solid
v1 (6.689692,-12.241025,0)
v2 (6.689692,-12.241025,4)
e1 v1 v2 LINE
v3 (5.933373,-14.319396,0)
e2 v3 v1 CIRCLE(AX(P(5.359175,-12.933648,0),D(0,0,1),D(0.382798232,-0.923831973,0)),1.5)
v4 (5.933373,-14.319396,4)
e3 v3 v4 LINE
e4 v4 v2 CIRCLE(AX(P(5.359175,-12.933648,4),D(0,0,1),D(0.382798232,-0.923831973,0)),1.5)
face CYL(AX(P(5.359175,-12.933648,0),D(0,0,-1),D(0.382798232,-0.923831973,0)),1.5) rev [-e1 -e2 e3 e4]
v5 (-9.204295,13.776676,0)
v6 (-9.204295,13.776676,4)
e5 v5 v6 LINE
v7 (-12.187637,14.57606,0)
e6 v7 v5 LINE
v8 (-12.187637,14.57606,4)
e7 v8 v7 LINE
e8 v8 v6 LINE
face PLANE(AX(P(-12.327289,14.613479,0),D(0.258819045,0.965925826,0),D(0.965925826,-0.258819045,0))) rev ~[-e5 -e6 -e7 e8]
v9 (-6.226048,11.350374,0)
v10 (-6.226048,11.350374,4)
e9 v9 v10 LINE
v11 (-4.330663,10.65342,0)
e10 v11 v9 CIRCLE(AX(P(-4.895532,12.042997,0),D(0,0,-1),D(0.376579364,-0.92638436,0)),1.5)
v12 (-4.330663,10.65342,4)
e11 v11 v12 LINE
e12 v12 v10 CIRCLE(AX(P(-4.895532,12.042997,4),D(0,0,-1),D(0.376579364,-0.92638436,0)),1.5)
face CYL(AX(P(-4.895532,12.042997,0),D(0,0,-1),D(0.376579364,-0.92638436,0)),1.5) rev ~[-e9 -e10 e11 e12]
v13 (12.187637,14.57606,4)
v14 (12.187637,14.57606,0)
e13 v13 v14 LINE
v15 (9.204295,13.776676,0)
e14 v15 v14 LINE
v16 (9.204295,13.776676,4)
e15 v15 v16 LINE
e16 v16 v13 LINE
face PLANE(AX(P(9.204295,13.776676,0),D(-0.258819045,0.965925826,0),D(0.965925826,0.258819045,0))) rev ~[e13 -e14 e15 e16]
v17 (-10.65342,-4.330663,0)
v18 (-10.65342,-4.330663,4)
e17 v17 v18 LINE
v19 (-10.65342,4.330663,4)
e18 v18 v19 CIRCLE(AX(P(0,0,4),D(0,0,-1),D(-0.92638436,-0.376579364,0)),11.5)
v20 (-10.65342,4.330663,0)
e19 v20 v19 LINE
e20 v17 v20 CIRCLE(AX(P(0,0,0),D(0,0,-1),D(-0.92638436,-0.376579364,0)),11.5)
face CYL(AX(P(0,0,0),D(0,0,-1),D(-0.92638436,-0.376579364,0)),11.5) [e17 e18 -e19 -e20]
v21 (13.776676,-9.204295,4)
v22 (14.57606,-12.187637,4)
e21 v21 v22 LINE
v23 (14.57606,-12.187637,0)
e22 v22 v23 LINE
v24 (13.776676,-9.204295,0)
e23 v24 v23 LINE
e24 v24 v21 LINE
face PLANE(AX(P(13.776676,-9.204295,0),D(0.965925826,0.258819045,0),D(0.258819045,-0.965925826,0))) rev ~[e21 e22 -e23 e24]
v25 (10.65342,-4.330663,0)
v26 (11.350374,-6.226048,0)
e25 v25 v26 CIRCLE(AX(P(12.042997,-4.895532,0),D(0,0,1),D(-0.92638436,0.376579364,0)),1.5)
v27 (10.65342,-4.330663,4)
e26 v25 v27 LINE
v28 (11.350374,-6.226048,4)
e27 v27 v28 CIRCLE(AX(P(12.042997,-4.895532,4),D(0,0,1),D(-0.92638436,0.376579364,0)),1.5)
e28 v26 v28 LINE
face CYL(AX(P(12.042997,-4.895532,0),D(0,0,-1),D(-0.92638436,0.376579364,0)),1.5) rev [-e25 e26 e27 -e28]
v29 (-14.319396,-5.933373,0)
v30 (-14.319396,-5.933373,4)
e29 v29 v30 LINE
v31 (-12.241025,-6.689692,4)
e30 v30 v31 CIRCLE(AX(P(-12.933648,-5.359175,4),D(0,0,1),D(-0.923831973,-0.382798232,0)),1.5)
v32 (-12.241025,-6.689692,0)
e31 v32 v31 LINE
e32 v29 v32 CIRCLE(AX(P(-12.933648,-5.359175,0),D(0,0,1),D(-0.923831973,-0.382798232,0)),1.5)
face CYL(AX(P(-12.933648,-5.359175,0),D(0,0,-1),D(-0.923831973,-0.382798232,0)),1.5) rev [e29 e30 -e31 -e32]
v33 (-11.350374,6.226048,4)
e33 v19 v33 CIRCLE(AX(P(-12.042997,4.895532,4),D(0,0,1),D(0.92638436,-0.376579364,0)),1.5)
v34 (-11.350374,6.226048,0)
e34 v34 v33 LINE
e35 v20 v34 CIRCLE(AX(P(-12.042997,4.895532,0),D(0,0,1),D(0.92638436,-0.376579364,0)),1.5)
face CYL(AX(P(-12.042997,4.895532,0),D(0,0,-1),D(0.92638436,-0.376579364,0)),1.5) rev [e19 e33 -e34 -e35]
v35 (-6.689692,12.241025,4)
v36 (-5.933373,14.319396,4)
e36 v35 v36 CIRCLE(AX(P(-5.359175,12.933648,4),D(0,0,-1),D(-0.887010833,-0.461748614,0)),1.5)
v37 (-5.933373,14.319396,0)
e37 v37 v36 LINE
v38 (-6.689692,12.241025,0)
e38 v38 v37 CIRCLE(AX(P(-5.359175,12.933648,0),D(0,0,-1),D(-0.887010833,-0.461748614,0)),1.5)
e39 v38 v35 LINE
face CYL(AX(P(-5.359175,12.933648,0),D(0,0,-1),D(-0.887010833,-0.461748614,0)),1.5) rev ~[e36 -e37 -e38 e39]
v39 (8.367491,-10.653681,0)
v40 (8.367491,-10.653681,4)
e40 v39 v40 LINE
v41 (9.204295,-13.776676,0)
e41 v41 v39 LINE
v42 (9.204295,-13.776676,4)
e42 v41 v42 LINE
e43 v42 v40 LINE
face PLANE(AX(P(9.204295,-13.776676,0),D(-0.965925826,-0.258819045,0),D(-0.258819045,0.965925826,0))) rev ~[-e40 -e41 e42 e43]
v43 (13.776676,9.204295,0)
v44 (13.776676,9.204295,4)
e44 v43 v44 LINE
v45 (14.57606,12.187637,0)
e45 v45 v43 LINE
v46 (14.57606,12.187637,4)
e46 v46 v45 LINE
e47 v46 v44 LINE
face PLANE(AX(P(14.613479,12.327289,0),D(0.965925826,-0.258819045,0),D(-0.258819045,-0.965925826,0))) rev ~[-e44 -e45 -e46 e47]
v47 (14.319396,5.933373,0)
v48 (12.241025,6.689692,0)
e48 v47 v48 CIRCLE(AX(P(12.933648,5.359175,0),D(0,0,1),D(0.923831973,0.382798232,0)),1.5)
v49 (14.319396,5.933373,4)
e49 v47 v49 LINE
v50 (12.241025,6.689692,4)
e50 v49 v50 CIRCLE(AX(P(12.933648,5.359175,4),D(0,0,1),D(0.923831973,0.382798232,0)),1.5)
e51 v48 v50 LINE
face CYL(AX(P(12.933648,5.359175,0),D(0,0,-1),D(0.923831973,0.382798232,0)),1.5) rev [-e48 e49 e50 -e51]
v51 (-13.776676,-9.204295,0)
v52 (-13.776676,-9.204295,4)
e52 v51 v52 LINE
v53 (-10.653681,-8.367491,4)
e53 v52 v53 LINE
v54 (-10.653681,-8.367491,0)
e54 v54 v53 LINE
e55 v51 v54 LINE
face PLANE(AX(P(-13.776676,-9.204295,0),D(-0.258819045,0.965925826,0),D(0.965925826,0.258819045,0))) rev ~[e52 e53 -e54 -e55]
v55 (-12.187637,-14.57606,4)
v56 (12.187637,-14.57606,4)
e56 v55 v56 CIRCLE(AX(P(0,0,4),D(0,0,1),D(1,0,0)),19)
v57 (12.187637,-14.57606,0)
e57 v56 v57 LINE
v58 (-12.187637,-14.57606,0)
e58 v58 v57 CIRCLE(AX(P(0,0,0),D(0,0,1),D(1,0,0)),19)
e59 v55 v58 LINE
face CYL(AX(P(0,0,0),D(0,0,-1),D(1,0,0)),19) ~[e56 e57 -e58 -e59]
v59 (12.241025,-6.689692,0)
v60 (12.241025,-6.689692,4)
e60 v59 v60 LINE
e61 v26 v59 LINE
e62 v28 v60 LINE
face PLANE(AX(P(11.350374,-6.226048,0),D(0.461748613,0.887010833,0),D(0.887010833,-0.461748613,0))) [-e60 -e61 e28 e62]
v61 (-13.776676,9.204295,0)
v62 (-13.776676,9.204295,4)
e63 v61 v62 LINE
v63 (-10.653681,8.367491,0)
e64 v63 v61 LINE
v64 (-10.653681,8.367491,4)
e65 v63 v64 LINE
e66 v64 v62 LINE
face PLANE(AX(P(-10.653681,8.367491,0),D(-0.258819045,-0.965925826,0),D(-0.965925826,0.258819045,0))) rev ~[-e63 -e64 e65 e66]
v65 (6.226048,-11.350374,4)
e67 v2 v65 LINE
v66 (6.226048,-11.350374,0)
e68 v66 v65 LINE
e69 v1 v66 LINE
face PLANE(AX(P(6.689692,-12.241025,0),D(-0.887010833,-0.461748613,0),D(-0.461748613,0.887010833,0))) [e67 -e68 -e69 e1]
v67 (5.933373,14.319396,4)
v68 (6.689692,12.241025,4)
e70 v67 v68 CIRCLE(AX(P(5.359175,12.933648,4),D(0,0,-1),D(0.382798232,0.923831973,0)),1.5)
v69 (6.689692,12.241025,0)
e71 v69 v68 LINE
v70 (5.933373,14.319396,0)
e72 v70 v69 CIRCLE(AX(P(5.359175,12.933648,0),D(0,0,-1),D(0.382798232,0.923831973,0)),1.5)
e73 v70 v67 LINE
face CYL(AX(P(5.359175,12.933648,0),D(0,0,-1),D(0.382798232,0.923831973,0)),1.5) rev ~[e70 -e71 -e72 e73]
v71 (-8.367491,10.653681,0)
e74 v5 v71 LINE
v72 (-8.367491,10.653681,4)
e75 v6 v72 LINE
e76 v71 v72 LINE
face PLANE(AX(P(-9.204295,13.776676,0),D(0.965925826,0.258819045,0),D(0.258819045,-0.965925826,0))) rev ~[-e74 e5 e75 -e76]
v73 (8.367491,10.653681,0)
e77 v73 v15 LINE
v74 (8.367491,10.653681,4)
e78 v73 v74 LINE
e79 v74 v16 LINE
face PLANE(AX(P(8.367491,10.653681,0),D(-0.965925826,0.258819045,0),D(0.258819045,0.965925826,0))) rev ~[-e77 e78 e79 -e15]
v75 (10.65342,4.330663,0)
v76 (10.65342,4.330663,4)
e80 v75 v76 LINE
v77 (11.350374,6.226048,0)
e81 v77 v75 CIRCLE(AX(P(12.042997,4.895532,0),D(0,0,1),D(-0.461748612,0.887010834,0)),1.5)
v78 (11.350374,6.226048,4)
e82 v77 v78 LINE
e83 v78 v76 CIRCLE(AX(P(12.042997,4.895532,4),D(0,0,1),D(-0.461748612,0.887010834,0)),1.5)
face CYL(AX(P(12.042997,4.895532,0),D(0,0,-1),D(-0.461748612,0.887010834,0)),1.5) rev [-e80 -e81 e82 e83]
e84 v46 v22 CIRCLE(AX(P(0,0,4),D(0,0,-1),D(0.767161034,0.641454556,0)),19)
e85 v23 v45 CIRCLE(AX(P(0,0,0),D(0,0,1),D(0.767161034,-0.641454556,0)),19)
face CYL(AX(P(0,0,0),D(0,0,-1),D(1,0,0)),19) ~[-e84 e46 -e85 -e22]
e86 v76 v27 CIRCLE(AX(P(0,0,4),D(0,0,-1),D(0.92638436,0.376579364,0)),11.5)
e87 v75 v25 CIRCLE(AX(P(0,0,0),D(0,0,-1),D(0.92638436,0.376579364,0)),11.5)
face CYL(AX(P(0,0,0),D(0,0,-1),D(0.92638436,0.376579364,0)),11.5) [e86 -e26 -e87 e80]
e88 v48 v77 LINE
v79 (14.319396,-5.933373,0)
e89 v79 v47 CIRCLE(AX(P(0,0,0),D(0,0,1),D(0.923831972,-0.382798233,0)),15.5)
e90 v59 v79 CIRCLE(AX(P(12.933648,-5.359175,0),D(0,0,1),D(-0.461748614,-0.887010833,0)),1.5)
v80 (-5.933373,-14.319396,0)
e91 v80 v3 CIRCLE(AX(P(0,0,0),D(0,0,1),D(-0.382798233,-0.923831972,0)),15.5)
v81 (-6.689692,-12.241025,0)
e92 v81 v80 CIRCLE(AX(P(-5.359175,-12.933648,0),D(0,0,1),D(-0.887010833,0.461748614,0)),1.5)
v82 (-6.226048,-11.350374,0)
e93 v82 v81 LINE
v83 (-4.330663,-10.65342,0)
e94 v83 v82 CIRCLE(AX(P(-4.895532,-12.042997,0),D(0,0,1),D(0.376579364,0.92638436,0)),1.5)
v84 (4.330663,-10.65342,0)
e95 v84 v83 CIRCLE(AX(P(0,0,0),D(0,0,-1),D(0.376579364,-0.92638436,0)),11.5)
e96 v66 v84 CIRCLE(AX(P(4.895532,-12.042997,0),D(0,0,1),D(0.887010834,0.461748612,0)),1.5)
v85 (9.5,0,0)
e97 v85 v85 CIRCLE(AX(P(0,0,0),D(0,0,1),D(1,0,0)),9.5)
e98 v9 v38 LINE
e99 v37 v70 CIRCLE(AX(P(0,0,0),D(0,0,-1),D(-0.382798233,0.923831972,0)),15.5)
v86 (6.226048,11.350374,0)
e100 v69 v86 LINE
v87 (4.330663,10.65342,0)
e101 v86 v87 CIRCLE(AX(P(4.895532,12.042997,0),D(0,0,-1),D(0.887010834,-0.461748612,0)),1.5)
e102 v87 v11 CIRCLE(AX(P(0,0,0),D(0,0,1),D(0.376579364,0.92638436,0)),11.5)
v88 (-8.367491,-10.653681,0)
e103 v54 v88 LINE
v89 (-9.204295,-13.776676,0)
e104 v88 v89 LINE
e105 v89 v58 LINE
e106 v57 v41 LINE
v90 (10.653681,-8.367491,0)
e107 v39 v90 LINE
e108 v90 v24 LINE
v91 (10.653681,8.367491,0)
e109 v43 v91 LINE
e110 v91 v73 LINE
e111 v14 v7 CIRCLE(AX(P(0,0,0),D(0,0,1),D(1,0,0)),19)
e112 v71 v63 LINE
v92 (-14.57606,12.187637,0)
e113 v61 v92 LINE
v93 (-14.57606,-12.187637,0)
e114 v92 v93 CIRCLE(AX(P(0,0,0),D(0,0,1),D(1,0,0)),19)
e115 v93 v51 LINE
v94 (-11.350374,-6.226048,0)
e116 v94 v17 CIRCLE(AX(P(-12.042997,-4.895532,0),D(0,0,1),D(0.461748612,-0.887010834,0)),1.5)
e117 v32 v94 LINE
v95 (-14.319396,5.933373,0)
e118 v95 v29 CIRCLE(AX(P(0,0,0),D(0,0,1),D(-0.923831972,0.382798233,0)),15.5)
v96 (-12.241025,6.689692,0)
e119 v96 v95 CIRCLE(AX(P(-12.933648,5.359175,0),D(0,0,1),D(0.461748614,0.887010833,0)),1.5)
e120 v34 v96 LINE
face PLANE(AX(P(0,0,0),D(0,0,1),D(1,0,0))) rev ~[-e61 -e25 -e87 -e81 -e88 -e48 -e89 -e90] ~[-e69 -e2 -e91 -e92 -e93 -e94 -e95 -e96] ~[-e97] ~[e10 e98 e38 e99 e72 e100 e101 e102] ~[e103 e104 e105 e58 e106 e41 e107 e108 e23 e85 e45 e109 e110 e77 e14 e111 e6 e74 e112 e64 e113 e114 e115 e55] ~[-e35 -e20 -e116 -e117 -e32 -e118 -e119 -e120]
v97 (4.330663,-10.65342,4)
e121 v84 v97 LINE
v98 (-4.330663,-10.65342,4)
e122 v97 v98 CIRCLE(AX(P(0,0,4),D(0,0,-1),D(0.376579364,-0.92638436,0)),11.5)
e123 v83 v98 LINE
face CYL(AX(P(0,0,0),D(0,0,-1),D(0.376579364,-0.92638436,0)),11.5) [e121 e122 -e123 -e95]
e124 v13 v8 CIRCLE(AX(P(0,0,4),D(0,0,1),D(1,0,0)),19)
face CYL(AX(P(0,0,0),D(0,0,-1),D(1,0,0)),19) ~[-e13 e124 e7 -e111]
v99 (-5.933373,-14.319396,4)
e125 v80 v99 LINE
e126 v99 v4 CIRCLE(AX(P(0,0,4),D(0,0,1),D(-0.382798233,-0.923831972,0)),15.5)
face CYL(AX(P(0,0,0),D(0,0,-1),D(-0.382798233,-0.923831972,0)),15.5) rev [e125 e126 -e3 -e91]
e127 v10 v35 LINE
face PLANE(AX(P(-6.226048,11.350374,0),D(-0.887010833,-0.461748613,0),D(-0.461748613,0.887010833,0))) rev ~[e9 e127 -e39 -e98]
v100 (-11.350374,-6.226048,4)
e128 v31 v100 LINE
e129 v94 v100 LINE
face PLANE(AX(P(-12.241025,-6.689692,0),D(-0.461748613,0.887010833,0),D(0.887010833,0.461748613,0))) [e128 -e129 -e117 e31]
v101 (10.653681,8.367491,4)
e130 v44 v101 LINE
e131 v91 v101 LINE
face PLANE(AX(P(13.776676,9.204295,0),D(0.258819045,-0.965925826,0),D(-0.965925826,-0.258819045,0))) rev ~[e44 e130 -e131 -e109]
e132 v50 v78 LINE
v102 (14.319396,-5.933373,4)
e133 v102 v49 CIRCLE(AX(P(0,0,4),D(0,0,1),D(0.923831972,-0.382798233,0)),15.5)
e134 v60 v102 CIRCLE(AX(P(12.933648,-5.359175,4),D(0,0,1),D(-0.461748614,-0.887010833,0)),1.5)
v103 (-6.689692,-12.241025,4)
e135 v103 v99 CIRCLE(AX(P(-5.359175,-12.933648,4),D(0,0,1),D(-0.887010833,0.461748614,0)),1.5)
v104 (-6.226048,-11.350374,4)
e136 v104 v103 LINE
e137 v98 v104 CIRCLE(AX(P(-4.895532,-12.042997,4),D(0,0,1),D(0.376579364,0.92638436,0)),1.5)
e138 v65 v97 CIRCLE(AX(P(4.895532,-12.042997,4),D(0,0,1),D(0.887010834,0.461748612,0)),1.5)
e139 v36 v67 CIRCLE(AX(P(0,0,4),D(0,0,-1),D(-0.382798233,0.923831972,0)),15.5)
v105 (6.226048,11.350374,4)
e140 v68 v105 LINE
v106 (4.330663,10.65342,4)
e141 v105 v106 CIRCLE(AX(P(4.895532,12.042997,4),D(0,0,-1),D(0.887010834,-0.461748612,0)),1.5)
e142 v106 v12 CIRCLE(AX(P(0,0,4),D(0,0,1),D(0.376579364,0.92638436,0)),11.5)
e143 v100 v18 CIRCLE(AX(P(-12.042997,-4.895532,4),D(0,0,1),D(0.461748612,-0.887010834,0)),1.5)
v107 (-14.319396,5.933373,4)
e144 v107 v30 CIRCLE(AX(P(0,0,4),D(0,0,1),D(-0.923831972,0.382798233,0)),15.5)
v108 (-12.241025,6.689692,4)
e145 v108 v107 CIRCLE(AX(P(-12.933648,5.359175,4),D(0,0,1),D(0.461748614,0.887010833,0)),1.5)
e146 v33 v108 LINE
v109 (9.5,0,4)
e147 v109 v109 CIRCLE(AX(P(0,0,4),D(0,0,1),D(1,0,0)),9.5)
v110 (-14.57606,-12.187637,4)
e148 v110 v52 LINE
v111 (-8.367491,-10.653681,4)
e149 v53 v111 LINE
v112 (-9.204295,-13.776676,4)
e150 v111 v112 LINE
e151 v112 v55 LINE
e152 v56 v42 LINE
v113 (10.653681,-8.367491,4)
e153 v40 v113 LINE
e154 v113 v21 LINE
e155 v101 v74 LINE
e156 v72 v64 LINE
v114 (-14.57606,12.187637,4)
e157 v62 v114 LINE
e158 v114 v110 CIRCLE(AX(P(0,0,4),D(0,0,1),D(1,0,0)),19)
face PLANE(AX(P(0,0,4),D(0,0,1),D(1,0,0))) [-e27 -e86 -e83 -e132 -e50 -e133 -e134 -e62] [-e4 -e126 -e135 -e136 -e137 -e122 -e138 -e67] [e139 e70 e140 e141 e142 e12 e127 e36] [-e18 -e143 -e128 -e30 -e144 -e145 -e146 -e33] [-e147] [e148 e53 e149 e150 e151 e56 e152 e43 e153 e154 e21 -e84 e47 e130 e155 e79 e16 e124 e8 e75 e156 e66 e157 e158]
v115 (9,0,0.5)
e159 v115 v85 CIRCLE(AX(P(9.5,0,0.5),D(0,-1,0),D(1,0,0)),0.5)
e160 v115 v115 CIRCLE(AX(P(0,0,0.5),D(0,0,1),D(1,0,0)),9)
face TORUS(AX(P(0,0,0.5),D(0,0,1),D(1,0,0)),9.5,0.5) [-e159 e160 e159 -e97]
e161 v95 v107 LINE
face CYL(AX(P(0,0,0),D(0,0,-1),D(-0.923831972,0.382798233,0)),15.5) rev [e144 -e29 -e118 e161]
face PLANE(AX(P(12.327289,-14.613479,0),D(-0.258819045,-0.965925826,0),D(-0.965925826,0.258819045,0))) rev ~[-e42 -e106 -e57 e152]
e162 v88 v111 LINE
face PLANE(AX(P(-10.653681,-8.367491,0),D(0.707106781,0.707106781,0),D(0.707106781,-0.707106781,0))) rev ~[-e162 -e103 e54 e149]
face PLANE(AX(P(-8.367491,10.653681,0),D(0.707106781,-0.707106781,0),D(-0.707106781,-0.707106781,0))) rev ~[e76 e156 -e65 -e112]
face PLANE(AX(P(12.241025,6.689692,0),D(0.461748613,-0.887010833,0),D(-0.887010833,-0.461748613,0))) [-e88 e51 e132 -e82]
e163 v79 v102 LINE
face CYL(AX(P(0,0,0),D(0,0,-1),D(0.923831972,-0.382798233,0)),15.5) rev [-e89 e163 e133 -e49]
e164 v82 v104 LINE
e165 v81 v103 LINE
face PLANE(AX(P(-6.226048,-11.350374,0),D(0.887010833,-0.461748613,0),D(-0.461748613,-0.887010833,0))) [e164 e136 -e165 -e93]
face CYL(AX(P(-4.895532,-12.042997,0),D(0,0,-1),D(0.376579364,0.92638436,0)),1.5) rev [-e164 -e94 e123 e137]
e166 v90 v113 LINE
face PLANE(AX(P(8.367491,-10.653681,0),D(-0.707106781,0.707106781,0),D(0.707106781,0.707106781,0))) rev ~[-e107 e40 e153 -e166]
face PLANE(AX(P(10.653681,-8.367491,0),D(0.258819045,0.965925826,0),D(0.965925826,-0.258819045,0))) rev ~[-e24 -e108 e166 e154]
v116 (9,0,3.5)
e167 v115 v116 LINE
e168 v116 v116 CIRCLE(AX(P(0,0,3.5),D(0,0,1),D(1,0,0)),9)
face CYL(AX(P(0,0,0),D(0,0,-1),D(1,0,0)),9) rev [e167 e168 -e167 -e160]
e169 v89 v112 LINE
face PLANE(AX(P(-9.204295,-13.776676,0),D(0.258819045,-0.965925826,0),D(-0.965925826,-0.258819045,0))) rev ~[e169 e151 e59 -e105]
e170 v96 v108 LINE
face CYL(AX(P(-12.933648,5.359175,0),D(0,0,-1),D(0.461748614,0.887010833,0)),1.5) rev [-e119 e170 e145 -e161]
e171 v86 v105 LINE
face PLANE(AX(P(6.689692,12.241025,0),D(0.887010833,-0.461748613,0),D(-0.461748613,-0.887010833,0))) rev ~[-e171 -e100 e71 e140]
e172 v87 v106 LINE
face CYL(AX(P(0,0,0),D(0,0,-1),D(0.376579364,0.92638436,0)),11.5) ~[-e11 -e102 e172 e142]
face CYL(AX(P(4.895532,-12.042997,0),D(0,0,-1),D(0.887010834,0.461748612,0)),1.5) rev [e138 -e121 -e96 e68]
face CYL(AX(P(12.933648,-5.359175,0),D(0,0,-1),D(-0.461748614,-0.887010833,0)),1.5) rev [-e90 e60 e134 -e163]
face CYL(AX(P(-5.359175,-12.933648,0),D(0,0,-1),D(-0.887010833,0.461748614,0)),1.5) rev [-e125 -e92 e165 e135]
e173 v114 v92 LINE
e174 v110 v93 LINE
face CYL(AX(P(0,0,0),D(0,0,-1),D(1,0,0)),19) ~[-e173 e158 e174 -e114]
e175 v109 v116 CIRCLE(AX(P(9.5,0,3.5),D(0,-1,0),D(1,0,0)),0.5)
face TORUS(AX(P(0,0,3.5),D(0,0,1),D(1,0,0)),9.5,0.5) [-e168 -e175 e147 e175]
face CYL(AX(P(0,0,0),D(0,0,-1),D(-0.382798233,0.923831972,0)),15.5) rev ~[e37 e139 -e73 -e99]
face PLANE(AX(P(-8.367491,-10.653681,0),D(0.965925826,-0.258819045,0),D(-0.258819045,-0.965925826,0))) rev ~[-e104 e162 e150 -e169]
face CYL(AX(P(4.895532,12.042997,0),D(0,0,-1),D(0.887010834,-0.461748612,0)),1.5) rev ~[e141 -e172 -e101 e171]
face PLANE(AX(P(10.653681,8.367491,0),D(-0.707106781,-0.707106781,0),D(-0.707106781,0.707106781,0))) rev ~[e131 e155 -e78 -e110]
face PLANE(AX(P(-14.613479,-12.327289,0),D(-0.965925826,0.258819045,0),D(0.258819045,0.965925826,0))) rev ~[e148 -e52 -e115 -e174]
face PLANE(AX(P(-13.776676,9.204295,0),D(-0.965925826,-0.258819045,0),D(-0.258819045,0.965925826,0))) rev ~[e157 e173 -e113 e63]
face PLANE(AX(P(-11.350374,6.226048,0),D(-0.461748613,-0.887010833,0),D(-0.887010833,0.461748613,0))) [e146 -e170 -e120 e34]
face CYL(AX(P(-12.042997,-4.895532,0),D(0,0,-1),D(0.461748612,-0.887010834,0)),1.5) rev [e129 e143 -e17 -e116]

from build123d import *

# Parameters (mm, degrees)
SKETCH1_R           = 19
SKETCH1_R_2         = 9
BOSS_EXTRUDE1_DEPTH = 4
CUT_EXTRUDE1_DEPTH  = 4
FILLET1_R           = 0.5


with BuildPart() as part:
    # Sketch1 → Boss-Extrude1 (new body)
    with BuildSketch(Plane.XY):
        Circle(SKETCH1_R)
        Circle(SKETCH1_R_2, mode=Mode.SUBTRACT)
        with BuildLine():
            Line((6.689691504, 12.241024694), (6.226047976, 11.350373764))
            ThreePointArc((6.226047976, 11.350373764), (5.41320923, 10.635157913), (4.330662681, 10.653420143))
            ThreePointArc((4.330662681, 10.653420143), (0, 11.5), (-4.330662681, 10.653420143))
            ThreePointArc((-4.330662681, 10.653420143), (-5.41320923, 10.635157913), (-6.226047976, 11.350373764))
            Line((-6.226047976, 11.350373764), (-6.689691504, 12.241024694))
            ThreePointArc((-6.689691504, 12.241024694), (-6.768746058, 13.446590252), (-5.933372603, 14.319395572))
            ThreePointArc((-5.933372603, 14.319395572), (0, 15.5), (5.933372603, 14.319395572))
            ThreePointArc((5.933372603, 14.319395572), (6.768746058, 13.446590252), (6.689691504, 12.241024694))
        make_face(mode=Mode.SUBTRACT)
        with BuildLine():
            Line((12.241024694, 6.689691504), (11.350373764, 6.226047976))
            ThreePointArc((11.350373764, 6.226047976), (10.635157913, 5.41320923), (10.653420143, 4.330662681))
            ThreePointArc((10.653420143, 4.330662681), (11.5, 0), (10.653420143, -4.330662681))
            ThreePointArc((10.653420143, -4.330662681), (10.635157913, -5.41320923), (11.350373764, -6.226047976))
            Line((11.350373764, -6.226047976), (12.241024694, -6.689691504))
            ThreePointArc((12.241024694, -6.689691504), (13.446590252, -6.768746058), (14.319395572, -5.933372603))
            ThreePointArc((14.319395572, -5.933372603), (15.5, 0), (14.319395572, 5.933372603))
            ThreePointArc((14.319395572, 5.933372603), (13.446590252, 6.768746058), (12.241024694, 6.689691504))
        make_face(mode=Mode.SUBTRACT)
        with BuildLine():
            Line((6.689691504, -12.241024694), (6.226047976, -11.350373764))
            ThreePointArc((6.226047976, -11.350373764), (5.41320923, -10.635157913), (4.330662681, -10.653420143))
            ThreePointArc((4.330662681, -10.653420143), (0, -11.5), (-4.330662681, -10.653420143))
            ThreePointArc((-4.330662681, -10.653420143), (-5.41320923, -10.635157913), (-6.226047976, -11.350373764))
            Line((-6.226047976, -11.350373764), (-6.689691504, -12.241024694))
            ThreePointArc((-6.689691504, -12.241024694), (-6.768746058, -13.446590252), (-5.933372603, -14.319395572))
            ThreePointArc((-5.933372603, -14.319395572), (0, -15.5), (5.933372603, -14.319395572))
            ThreePointArc((5.933372603, -14.319395572), (6.768746058, -13.446590252), (6.689691504, -12.241024694))
        make_face(mode=Mode.SUBTRACT)
        with BuildLine():
            Line((-12.241024694, -6.689691504), (-11.350373764, -6.226047976))
            ThreePointArc((-11.350373764, -6.226047976), (-10.635157913, -5.41320923), (-10.653420143, -4.330662681))
            ThreePointArc((-10.653420143, -4.330662681), (-11.5, 0), (-10.653420143, 4.330662681))
            ThreePointArc((-10.653420143, 4.330662681), (-10.635157913, 5.41320923), (-11.350373764, 6.226047976))
            Line((-11.350373764, 6.226047976), (-12.241024694, 6.689691504))
            ThreePointArc((-12.241024694, 6.689691504), (-13.446590252, 6.768746058), (-14.319395572, 5.933372603))
            ThreePointArc((-14.319395572, 5.933372603), (-15.5, 0), (-14.319395572, -5.933372603))
            ThreePointArc((-14.319395572, -5.933372603), (-13.446590252, -6.768746058), (-12.241024694, -6.689691504))
        make_face(mode=Mode.SUBTRACT)
    extrude(amount=BOSS_EXTRUDE1_DEPTH)

    # Sketch2 → Cut-Extrude1 (cut)
    with BuildSketch(Plane(origin=(0, 0, 0), x_dir=(-1, 0, 0), z_dir=(0, 0, -1))):
        Polygon((10.65368142, -8.367490994), (8.367490994, -10.65368142), (9.204294768, -13.776675621), (12.327288968, -14.613479395), (14.613479395, -12.327288968), (13.776675621, -9.204294768), align=None)
        Polygon((13.776675621, 9.204294768), (14.613479395, 12.327288968), (12.327288968, 14.613479395), (9.204294768, 13.776675621), (8.367490994, 10.65368142), (10.65368142, 8.367490994), align=None)
        Polygon((-8.367490994, -10.65368142), (-10.65368142, -8.367490994), (-13.776675621, -9.204294768), (-14.613479395, -12.327288968), (-12.327288968, -14.613479395), (-9.204294768, -13.776675621), align=None)
        Polygon((-10.65368142, 8.367490994), (-8.367490994, 10.65368142), (-9.204294768, 13.776675621), (-12.327288968, 14.613479395), (-14.613479395, 12.327288968), (-13.776675621, 9.204294768), align=None)
    extrude(amount=-CUT_EXTRUDE1_DEPTH, mode=Mode.SUBTRACT)

    # Fillet1
    fillet1_edges = [part.edges().sort_by_distance(p)[0] for p in [
        (-9, 0, 0),
        (-9, 0, 4),
    ]]
    fillet(fillet1_edges, radius=FILLET1_R)


solid = part.part
